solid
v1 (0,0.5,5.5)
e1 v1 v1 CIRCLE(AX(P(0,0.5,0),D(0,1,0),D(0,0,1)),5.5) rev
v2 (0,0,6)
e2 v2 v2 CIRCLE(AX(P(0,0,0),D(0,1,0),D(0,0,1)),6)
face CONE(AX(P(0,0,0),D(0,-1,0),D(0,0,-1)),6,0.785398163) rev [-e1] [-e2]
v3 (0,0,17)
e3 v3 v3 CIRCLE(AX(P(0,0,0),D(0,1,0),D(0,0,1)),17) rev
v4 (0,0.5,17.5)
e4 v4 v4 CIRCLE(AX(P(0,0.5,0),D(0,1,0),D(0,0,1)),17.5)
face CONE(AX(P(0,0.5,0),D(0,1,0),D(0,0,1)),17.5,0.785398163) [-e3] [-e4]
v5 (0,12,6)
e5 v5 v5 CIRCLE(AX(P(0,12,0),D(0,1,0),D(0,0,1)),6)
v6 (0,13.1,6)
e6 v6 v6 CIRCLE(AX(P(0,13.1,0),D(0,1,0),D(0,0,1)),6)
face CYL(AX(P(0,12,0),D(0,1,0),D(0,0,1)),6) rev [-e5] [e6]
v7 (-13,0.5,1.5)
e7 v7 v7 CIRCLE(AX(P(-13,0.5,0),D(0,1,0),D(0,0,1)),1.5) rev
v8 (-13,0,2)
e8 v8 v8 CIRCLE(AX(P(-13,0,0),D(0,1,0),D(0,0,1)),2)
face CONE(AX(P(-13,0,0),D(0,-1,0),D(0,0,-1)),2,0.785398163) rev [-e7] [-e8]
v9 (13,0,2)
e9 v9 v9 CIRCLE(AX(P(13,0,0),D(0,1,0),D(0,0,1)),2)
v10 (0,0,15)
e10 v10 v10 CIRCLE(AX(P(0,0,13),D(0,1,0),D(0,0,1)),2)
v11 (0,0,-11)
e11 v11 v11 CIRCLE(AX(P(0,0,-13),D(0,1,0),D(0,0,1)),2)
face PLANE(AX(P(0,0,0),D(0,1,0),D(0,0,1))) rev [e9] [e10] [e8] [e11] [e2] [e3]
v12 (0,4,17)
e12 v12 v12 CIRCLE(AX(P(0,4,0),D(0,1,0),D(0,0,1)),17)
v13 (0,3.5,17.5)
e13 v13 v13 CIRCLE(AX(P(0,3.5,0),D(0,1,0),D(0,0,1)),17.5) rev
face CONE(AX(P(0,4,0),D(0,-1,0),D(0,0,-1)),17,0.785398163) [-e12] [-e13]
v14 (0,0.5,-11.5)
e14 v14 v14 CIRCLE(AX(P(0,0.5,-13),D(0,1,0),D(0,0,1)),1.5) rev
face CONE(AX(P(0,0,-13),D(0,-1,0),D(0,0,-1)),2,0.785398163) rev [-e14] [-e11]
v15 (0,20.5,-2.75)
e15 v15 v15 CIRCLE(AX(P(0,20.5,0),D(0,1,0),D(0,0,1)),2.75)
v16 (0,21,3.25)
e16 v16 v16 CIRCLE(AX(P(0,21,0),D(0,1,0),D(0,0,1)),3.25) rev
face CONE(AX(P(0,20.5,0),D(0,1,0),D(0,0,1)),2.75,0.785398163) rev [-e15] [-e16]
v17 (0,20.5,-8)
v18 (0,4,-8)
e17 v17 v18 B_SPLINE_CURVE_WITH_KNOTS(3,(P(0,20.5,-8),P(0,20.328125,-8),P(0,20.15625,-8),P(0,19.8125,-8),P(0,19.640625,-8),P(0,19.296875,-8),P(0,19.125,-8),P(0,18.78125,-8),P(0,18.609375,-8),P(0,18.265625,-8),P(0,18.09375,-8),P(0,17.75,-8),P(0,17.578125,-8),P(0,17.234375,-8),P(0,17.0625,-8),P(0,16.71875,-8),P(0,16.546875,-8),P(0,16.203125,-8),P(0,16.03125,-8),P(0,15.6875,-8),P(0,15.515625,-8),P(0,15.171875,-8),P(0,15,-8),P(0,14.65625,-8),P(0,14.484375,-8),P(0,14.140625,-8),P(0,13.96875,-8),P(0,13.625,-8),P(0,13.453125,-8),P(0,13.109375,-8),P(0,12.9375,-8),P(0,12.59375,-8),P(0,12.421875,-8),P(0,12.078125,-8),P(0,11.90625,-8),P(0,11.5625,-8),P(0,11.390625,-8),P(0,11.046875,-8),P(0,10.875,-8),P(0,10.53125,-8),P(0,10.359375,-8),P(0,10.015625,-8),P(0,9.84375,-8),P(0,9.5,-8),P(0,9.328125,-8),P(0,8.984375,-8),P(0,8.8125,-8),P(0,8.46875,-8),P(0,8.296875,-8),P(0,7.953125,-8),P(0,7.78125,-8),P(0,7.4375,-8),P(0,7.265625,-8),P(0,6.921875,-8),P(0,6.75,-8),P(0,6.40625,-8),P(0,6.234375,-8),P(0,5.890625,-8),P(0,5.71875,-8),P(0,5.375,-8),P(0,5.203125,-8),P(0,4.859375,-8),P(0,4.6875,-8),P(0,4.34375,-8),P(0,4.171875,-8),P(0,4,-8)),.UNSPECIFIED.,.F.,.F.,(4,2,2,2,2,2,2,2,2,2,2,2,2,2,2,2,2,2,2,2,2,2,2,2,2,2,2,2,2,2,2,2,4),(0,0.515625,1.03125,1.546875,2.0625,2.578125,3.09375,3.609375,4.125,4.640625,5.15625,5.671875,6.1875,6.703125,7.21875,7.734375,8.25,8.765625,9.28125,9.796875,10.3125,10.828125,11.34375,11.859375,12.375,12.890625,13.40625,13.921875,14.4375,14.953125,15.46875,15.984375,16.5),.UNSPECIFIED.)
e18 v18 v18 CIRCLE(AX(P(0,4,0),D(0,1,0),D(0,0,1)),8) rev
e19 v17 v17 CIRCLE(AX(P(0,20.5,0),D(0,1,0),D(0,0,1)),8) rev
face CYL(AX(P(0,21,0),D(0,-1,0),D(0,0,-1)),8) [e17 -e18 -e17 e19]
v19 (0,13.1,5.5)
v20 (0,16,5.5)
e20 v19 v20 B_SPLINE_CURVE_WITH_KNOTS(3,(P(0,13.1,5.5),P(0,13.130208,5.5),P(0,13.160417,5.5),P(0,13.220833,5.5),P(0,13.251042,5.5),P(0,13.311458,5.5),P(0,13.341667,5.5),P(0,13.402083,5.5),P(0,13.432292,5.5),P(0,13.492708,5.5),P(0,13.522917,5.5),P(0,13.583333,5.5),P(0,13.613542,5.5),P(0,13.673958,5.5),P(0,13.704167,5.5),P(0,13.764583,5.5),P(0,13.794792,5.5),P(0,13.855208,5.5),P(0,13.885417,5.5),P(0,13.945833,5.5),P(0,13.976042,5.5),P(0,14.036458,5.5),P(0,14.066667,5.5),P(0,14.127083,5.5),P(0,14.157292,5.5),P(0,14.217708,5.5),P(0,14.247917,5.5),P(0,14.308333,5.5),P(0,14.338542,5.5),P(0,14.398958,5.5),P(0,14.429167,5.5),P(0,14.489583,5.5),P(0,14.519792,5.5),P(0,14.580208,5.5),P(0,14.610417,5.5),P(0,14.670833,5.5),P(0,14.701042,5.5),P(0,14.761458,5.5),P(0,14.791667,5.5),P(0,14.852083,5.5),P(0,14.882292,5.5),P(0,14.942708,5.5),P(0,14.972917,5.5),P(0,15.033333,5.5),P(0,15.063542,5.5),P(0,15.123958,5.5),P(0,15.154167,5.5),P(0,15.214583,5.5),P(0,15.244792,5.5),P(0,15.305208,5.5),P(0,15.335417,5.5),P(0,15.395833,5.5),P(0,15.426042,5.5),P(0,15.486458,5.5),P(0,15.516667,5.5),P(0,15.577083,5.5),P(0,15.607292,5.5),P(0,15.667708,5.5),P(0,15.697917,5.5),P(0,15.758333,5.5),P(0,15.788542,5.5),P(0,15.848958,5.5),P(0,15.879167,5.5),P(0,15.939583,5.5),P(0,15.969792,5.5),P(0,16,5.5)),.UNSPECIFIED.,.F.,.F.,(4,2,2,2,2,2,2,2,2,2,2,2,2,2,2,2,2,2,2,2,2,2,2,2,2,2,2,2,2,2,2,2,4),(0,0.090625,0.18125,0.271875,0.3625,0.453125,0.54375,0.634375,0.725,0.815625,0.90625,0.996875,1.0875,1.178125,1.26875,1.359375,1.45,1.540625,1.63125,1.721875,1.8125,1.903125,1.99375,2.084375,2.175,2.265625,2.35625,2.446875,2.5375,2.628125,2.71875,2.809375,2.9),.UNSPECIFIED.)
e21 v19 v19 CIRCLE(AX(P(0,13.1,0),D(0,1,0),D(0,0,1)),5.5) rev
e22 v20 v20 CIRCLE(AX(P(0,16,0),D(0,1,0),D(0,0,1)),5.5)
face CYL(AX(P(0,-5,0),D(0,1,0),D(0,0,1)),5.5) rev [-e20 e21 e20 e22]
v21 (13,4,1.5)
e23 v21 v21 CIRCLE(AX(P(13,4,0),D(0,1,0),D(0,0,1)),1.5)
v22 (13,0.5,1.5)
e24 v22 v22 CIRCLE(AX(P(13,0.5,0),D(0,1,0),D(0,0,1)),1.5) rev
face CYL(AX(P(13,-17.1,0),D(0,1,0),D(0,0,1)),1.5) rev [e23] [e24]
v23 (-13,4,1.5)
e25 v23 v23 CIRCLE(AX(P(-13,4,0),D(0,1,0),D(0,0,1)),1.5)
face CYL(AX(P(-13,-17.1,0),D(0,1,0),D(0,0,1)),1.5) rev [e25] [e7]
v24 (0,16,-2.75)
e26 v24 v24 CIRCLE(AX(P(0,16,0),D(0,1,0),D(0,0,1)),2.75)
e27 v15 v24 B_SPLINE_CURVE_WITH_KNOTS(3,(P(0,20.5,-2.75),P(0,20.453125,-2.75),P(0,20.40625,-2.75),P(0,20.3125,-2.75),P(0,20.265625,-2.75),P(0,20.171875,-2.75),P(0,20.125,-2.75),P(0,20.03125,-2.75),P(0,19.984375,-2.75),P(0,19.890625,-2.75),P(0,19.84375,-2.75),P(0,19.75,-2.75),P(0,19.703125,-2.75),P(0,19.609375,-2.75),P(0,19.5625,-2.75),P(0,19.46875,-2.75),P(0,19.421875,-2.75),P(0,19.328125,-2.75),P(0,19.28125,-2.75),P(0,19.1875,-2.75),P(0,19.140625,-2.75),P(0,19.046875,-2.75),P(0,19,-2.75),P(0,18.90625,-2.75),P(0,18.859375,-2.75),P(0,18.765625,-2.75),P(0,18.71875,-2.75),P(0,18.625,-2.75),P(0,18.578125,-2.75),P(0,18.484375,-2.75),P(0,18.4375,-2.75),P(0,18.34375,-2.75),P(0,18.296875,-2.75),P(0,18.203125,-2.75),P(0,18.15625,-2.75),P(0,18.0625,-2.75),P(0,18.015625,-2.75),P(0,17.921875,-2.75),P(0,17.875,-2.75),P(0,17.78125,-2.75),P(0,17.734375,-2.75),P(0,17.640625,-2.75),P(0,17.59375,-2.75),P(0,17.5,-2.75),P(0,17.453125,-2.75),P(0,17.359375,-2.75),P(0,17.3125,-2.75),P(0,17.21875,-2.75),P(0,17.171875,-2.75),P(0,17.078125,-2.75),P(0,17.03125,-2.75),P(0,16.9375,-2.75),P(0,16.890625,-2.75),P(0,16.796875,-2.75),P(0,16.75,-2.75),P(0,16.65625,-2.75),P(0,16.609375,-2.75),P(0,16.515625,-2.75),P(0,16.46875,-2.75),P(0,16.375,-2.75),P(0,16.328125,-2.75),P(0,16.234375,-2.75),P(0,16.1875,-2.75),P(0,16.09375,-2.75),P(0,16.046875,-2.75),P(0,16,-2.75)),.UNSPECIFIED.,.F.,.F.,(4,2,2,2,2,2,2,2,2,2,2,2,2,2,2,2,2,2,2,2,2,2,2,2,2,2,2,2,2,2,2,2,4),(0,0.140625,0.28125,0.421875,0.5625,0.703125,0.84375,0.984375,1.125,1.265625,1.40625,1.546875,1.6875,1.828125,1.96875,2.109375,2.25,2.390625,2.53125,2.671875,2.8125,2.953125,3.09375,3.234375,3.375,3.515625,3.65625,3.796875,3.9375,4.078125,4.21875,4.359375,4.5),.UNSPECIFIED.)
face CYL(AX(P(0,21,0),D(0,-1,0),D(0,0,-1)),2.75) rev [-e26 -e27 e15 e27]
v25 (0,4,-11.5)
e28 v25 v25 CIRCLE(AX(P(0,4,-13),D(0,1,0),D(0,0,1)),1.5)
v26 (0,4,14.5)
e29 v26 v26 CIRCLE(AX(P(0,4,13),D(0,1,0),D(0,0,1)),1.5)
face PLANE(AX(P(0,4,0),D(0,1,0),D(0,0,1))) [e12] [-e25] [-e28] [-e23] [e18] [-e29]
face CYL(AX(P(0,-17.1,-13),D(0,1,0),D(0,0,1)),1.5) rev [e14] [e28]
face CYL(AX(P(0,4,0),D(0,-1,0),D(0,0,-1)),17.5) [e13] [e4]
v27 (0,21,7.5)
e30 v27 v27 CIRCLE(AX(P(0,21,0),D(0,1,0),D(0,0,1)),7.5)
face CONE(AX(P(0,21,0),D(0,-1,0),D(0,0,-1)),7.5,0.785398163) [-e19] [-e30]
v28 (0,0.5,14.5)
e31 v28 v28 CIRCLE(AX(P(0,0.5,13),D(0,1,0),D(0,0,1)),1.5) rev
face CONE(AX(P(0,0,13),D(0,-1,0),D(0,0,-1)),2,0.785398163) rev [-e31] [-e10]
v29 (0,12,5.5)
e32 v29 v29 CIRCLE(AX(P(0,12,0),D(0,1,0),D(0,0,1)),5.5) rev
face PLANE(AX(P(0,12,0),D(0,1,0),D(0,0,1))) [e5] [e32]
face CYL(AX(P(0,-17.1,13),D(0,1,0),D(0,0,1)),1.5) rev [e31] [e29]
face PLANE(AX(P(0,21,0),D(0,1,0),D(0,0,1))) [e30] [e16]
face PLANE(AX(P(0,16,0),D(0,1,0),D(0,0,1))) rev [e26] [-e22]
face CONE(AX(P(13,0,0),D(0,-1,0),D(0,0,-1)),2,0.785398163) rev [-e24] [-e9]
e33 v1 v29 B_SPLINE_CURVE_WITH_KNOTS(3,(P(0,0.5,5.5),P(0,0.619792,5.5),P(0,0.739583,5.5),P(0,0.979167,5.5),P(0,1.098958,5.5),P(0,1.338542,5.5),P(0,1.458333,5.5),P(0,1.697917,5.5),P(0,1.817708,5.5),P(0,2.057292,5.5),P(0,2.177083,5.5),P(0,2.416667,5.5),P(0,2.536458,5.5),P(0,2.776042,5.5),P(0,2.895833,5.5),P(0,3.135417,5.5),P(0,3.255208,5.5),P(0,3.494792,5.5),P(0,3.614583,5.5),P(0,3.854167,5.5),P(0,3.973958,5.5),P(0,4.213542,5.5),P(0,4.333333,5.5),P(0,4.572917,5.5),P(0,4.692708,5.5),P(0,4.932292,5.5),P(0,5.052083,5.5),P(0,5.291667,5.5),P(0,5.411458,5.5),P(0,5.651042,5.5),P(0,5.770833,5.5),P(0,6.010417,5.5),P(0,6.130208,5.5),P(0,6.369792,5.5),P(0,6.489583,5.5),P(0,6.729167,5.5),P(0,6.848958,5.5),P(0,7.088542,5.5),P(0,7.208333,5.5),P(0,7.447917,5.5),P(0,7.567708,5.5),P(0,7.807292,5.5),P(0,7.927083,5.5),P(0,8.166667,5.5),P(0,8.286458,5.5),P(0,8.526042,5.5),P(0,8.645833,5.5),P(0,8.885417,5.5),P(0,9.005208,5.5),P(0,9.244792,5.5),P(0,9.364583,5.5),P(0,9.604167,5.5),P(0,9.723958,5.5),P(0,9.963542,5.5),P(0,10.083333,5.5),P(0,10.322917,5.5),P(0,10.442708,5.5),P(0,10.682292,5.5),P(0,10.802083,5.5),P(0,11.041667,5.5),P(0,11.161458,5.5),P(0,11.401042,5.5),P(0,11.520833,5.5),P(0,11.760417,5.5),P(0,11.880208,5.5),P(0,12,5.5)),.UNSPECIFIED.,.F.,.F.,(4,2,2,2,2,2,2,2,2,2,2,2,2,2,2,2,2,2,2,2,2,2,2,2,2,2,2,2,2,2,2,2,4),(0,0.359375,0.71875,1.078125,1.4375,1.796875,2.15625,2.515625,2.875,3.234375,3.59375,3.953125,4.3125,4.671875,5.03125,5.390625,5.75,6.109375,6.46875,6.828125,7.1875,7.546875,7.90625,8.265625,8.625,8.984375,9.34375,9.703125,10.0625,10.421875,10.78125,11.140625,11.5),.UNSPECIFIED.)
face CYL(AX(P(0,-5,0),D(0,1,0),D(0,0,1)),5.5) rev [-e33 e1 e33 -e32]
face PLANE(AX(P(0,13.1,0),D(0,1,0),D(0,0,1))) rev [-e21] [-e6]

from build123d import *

# Parameters (mm, degrees)
SKETCH1_R           = 17.5
BOSS_EXTRUDE1_DEPTH = 4
SKETCH1_3_R         = 8
SKETCH1_3_R_2       = 2.75
BOSS_EXTRUDE2_DEPTH = 4
SKETCH1_4_R         = 8
SKETCH1_4_R_2       = 2.75
BOSS_EXTRUDE3_DEPTH = 21
SKETCH2_R           = 5.5
CUT_EXTRUDE1_DEPTH  = 21
SKETCH4_R           = 6
CUT_EXTRUDE2_DEPTH  = 1.1
SKETCH5_R           = 1.5
CUT_EXTRUDE3_DEPTH  = 21.1
CHAMFER1_SIZE       = 0.5


with BuildPart() as part:
    # Sketch1 → Boss-Extrude1 (new body)
    with BuildSketch(Plane(origin=(0, 0, 0), x_dir=(1, 0, 0), z_dir=(0, 1, 0))):
        Circle(SKETCH1_R)
    extrude(amount=BOSS_EXTRUDE1_DEPTH)

    # Sketch1<3> → Boss-Extrude2 (add)
    with BuildSketch(Plane(origin=(0, 0, 0), x_dir=(1, 0, 0), z_dir=(0, 1, 0))):
        Circle(SKETCH1_3_R)
        Circle(SKETCH1_3_R_2, mode=Mode.SUBTRACT)
    extrude(amount=BOSS_EXTRUDE2_DEPTH)

    # Sketch1<4> → Boss-Extrude3 (add)
    with BuildSketch(Plane(origin=(0, 0, 0), x_dir=(1, 0, 0), z_dir=(0, 1, 0))):
        Circle(SKETCH1_4_R)
        Circle(SKETCH1_4_R_2, mode=Mode.SUBTRACT)
    extrude(amount=BOSS_EXTRUDE3_DEPTH)

    # Sketch2 → Cut-Extrude1 (cut)
    with BuildSketch(Plane(origin=(0, 16, 0), x_dir=(1, 0, 0), z_dir=(0, 1, 0))):
        Circle(SKETCH2_R)
    extrude(amount=-CUT_EXTRUDE1_DEPTH, mode=Mode.SUBTRACT)

    # Sketch4 → Cut-Extrude2 (cut)
    with BuildSketch(Plane(origin=(0, 13.1, 0), x_dir=(1, 0, 0), z_dir=(0, 1, 0))):
        Circle(SKETCH4_R)
    extrude(amount=-CUT_EXTRUDE2_DEPTH, mode=Mode.SUBTRACT)

    # Sketch5 → Cut-Extrude3 (cut)
    with BuildSketch(Plane(origin=(0, 4, 0), x_dir=(1, 0, 0), z_dir=(0, 1, 0))):
        with Locations((0, 13)):
            Circle(SKETCH5_R)
        with Locations((13, 0)):
            Circle(SKETCH5_R)
        with Locations((0, -13)):
            Circle(SKETCH5_R)
        with Locations((-13, 0)):
            Circle(SKETCH5_R)
    extrude(amount=-CUT_EXTRUDE3_DEPTH, mode=Mode.SUBTRACT)

    # Chamfer1
    chamfer1_edges = [part.edges().sort_by_distance(p)[0] for p in [
        (-17.5, 0, 0),
        (-5.5, 0, 0),
        (-14.5, 0, 0),
        (-1.5, 0, 13),
        (11.5, 0, 0),
        (-1.5, 0, -13),
        (-2.75, 21, 0),
        (-8, 21, 0),
        (-17.5, 4, 0),
    ]]
    chamfer(chamfer1_edges, length=CHAMFER1_SIZE)


solid = part.part
